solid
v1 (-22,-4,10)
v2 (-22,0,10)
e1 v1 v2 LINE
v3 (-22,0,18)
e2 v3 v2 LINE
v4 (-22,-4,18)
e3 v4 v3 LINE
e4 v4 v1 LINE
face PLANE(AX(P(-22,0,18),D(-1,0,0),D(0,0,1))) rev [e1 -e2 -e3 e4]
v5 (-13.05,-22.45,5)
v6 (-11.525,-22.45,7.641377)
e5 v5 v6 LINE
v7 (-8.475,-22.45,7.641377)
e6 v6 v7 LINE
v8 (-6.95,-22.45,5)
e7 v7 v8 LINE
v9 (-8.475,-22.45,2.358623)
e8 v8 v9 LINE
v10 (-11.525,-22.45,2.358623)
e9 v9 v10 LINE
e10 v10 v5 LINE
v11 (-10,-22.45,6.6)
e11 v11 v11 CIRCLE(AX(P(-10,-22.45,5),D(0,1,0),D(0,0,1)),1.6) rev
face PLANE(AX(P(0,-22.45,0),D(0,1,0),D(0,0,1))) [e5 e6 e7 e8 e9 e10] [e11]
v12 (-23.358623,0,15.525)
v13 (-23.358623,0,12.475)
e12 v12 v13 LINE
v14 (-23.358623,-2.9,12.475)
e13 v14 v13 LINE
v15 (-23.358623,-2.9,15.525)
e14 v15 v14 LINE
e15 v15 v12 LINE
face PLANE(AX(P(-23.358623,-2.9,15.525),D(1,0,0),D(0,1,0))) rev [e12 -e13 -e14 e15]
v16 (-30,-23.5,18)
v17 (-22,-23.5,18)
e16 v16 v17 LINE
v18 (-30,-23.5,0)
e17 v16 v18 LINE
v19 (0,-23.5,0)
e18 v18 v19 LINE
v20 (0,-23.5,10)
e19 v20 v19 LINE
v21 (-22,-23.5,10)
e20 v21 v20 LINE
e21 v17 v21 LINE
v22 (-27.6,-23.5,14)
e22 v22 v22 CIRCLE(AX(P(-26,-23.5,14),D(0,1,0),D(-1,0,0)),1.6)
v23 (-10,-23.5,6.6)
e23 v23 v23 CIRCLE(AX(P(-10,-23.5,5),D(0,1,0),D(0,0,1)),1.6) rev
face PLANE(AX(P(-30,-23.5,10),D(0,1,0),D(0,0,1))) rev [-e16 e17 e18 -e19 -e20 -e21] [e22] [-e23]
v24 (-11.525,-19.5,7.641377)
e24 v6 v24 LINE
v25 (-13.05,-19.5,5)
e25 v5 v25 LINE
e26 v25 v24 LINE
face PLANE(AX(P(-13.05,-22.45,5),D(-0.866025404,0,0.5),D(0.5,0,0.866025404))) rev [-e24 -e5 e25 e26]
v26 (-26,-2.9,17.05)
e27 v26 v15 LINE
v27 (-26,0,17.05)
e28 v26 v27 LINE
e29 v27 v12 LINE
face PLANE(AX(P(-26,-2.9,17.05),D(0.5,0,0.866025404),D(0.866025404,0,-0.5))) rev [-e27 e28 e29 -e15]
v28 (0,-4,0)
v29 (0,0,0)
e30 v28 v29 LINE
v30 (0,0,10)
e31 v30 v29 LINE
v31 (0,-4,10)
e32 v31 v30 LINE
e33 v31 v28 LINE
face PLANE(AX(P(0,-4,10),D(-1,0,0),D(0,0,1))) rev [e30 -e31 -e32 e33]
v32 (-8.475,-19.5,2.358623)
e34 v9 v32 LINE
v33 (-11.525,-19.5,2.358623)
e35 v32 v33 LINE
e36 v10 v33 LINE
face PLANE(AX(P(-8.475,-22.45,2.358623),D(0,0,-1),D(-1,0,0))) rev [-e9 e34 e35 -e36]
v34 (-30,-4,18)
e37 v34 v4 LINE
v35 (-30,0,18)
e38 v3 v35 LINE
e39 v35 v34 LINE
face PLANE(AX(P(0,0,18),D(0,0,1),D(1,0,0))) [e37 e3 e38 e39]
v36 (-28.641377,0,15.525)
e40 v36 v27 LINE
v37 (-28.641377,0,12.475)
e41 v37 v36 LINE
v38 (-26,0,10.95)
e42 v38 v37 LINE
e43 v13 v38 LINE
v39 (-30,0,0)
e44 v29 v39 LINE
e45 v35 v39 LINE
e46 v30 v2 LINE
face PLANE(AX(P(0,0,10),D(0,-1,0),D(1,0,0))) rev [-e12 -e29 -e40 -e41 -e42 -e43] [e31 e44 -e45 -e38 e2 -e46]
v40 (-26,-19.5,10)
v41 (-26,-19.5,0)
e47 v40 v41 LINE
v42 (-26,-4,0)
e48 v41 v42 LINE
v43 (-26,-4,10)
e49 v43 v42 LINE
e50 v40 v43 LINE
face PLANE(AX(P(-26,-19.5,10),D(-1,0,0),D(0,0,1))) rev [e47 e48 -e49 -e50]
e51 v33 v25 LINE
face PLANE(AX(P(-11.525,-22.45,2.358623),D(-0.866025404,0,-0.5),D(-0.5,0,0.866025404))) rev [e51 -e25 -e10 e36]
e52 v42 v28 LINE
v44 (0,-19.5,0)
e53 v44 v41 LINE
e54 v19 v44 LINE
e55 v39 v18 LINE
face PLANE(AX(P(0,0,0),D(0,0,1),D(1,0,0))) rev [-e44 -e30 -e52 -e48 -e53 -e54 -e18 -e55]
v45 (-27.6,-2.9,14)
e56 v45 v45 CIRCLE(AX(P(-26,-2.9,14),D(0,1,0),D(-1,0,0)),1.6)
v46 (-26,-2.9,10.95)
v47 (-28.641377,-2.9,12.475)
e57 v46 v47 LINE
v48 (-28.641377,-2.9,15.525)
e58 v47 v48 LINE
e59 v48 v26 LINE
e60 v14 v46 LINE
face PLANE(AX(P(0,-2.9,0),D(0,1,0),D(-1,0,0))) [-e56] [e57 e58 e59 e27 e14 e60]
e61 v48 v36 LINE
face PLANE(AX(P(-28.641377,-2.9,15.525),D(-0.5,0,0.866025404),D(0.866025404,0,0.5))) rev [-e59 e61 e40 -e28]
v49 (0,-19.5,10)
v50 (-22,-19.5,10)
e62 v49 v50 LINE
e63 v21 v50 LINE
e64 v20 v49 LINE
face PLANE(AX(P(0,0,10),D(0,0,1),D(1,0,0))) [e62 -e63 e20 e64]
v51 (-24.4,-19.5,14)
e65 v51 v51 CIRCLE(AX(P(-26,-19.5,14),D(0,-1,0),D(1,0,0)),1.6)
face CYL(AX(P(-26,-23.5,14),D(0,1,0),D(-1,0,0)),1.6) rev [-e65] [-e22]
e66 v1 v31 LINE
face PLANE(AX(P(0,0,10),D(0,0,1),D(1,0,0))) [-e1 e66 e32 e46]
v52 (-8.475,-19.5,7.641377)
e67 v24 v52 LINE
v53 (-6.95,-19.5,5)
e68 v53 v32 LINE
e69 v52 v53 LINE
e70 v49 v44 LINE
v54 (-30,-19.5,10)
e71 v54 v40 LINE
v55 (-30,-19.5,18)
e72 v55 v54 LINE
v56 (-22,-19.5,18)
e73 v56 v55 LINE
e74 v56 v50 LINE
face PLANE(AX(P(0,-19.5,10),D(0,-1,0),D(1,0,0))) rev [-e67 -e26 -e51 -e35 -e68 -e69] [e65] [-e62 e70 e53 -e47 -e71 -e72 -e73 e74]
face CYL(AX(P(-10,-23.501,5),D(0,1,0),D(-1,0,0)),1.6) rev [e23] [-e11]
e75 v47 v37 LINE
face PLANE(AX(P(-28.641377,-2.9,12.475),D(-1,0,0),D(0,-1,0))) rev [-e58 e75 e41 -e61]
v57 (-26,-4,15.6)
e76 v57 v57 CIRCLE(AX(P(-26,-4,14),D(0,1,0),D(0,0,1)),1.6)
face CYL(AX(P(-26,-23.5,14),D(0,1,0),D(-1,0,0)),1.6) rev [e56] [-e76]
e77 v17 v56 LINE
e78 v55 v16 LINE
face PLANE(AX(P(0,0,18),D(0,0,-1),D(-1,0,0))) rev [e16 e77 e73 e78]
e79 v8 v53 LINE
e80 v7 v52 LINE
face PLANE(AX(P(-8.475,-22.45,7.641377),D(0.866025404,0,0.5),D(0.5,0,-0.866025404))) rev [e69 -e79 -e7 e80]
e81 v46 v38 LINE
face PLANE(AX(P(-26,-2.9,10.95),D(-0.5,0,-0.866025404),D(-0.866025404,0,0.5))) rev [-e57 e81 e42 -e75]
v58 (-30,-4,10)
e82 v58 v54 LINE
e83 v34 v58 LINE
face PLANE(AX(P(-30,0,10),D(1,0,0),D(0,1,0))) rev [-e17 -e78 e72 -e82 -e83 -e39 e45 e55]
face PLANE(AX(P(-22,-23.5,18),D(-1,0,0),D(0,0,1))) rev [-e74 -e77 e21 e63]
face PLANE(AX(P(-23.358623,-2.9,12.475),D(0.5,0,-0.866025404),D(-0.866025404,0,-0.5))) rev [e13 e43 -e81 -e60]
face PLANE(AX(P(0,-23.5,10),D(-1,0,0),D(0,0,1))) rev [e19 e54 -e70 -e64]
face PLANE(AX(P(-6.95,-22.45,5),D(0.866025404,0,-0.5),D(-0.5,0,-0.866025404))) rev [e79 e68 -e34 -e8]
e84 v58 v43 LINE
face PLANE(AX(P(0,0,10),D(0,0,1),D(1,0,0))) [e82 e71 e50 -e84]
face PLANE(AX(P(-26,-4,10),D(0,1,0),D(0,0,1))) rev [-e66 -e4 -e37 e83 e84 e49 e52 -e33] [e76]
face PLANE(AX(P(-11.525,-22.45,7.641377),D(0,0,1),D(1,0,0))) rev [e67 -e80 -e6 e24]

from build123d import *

# Parameters (mm, degrees)
SALIENTE_EXTRUIR1_DEPTH = 10
CORTAR_EXTRUIR2_REACH   = 6
CROQUIS3_R              = 1.6
CORTAR_EXTRUIR3_DEPTH   = 2.95
CROQUIS6_W              = 8
CROQUIS6_H              = 4
SALIENTE_EXTRUIR2_DEPTH = 8
CORTAR_EXTRUIR4_DEPTH   = 2.9
CROQUIS8_R              = 1.6
CORTAR_EXTRUIR5_DEPTH   = 24.5


with BuildPart() as part:
    # Croquis1 → Saliente-Extruir1 (new body)
    with BuildSketch(Plane.XY):
        Polygon((0, 0), (-30, 0), (-30, -23.5), (0, -23.5), (0, -19.5), (-26, -19.5), (-26, -4), (0, -4), align=None)
    extrude(amount=SALIENTE_EXTRUIR1_DEPTH)

    # Croquis3 → Cortar-Extruir2 (cut, up to next)
    with BuildSketch(Plane(origin=(0, -19.5, 0), x_dir=(1, 0, 0), z_dir=(0, 1, 0)), mode=Mode.PRIVATE) as cortar_extruir2_sk1:
        with Locations((-10, -5)):
            Circle(CROQUIS3_R)
    cortar_extruir2_tool1 = extrude(cortar_extruir2_sk1.sketch, amount=-CORTAR_EXTRUIR2_REACH, mode=Mode.PRIVATE) & part.part
    add(cortar_extruir2_tool1.solids().sort_by_distance((-10, -19.5, 5))[0], mode=Mode.SUBTRACT)

    # Croquis5 → Cortar-Extruir3 (cut)
    with BuildSketch(Plane(origin=(0, -19.5, 0), x_dir=(1, 0, 0), z_dir=(0, 1, 0))):
        Polygon((-8.475, -7.641377482), (-6.95, -5), (-8.475, -2.358622518), (-11.525, -2.358622518), (-13.05, -5), (-11.525, -7.641377482), align=None)
    extrude(amount=-CORTAR_EXTRUIR3_DEPTH, mode=Mode.SUBTRACT)

    # Croquis6 → Saliente-Extruir2 (add)
    with BuildSketch(Plane.XY.offset(10)):
        with Locations((-26, -2)):
            Rectangle(CROQUIS6_W, CROQUIS6_H)
        with Locations((-26, -21.5)):
            Rectangle(CROQUIS6_W, CROQUIS6_H)
    extrude(amount=SALIENTE_EXTRUIR2_DEPTH)

    # Croquis7 → Cortar-Extruir4 (cut)
    with BuildSketch(Plane(origin=(0, 0, 0), x_dir=(1, 0, 0), z_dir=(0, 1, 0))):
        Polygon((-26, -17.05), (-23.358622518, -15.525), (-23.358622518, -12.475), (-26, -10.95), (-28.641377482, -12.475), (-28.641377482, -15.525), align=None)
    extrude(amount=-CORTAR_EXTRUIR4_DEPTH, mode=Mode.SUBTRACT)

    # Croquis8 → Cortar-Extruir5 (cut, through all)
    with BuildSketch(Plane(origin=(0, 0, 0), x_dir=(1, 0, 0), z_dir=(0, 1, 0))):
        with Locations((-26, -14)):
            Circle(CROQUIS8_R)
    extrude(amount=-CORTAR_EXTRUIR5_DEPTH, mode=Mode.SUBTRACT)


solid = part.part
